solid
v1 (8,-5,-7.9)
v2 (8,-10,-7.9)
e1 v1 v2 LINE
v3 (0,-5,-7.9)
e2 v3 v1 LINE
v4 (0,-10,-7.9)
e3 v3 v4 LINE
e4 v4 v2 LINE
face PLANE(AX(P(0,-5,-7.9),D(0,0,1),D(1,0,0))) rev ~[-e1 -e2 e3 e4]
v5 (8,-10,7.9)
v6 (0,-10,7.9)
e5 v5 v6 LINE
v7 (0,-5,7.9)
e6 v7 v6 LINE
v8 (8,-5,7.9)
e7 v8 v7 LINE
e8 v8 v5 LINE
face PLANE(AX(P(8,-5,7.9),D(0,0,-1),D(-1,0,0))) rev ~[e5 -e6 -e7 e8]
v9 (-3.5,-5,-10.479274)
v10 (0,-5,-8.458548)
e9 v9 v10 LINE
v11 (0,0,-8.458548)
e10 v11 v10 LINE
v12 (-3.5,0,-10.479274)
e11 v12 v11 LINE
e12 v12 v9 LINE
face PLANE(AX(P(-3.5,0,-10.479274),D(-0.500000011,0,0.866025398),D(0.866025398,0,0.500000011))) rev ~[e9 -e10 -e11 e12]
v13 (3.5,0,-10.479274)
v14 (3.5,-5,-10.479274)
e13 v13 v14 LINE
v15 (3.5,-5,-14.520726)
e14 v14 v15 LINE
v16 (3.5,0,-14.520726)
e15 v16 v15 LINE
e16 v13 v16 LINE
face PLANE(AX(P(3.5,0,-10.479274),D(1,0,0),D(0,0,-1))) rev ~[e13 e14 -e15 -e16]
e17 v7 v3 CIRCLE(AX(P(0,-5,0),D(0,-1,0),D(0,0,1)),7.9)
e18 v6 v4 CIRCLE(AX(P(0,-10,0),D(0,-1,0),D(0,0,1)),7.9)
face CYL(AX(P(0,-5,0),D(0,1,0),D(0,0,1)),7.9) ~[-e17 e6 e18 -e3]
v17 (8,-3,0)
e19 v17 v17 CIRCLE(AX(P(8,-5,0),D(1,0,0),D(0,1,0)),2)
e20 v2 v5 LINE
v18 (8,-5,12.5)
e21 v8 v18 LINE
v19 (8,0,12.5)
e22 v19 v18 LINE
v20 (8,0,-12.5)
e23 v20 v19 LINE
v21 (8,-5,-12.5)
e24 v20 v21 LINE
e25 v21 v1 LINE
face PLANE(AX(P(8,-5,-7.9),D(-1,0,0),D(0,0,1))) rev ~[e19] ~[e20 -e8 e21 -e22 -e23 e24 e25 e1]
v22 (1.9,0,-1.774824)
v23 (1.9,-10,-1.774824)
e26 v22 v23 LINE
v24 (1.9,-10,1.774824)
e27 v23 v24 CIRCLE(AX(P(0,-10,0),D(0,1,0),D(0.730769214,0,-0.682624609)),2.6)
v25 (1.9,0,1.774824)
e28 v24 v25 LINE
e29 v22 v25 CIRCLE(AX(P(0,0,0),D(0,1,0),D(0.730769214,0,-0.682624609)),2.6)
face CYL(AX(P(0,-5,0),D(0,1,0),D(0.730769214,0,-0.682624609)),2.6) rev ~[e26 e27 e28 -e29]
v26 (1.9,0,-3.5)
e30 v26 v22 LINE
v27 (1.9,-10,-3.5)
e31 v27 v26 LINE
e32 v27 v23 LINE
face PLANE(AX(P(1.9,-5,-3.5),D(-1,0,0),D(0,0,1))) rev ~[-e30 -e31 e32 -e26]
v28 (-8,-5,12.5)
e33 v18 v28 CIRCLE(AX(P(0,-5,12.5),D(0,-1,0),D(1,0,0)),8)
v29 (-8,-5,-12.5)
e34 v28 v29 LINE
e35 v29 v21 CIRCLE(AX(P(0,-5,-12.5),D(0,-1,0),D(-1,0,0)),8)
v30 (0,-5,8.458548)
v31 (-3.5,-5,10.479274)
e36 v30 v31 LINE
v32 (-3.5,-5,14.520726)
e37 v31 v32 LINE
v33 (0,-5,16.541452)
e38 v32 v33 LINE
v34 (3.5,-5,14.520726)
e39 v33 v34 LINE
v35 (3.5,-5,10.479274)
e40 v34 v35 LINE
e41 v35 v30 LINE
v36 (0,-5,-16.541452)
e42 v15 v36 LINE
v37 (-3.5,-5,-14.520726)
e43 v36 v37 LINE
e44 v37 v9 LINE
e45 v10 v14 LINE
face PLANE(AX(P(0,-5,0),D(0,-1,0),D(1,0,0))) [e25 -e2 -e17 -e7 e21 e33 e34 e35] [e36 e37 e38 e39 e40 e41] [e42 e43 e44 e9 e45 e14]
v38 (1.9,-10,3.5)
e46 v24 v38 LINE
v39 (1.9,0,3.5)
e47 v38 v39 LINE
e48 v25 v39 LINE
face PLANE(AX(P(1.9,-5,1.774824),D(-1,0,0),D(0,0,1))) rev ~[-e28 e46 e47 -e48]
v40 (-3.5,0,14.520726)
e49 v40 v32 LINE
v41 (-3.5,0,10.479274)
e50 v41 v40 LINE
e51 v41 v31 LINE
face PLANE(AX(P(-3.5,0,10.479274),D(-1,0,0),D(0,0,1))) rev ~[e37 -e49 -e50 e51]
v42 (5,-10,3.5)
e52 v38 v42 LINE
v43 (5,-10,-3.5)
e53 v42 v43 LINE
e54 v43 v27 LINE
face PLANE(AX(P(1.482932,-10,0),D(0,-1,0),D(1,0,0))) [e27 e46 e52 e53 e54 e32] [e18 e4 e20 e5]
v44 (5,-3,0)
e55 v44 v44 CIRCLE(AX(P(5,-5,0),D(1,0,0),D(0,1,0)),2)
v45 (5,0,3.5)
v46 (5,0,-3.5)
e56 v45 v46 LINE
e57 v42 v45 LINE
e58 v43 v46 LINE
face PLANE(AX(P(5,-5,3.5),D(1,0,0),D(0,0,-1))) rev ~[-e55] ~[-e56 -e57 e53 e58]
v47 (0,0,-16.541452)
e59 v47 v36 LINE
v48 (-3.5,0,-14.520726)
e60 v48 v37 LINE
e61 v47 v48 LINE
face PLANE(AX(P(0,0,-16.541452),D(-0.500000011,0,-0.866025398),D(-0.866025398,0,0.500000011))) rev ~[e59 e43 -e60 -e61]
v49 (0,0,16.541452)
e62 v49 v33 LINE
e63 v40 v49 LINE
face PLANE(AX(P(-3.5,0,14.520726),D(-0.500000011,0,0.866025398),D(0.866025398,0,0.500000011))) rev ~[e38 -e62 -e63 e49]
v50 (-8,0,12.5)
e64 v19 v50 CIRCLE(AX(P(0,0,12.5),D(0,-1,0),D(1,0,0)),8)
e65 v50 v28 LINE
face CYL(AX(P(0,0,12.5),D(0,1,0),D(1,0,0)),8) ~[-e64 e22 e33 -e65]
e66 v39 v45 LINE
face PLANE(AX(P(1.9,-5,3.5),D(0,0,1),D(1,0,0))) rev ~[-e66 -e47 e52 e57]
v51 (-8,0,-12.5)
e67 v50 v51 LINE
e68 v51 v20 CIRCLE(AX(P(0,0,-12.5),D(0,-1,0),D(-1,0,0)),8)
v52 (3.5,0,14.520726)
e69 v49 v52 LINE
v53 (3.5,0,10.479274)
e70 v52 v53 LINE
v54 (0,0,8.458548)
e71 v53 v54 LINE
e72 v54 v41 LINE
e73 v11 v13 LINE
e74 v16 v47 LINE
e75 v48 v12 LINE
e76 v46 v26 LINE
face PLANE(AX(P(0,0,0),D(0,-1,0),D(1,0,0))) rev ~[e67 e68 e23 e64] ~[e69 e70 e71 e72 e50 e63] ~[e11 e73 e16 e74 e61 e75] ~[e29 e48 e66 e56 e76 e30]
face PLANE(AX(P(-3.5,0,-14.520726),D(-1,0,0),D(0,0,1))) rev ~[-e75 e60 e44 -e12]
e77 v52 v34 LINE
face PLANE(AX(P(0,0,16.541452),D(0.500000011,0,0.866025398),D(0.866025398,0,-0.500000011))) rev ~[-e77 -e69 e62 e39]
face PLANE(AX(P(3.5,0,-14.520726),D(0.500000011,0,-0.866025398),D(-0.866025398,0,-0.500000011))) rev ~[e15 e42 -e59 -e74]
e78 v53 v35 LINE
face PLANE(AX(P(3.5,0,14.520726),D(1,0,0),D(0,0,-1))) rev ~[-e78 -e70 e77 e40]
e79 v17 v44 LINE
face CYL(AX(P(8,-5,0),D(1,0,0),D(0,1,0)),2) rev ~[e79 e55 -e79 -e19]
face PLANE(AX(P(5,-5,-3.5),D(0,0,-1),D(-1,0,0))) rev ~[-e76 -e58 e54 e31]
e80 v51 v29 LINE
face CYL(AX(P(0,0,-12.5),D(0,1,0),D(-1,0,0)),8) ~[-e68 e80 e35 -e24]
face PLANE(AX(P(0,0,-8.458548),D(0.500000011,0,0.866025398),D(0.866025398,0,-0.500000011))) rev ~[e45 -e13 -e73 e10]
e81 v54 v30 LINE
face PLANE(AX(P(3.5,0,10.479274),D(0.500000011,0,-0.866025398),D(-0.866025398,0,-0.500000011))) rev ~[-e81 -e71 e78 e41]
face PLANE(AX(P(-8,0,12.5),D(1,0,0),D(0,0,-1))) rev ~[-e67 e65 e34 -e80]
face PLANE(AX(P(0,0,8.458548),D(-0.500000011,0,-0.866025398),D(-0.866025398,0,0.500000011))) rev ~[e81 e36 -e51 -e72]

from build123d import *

# Parameters (mm, degrees)
F1_DEPTH = 5
F3_DEPTH = 5
F4_R     = 2
F5_DEPTH = 6.1


with BuildPart() as f1:
    # F0 (on Front) → F1 (new body)
    with BuildSketch(Plane.XZ):
        with BuildLine():
            ThreePointArc((-8, -12.5), (0, -20.5), (8, -12.5))
            Line((8, -12.5), (8, 12.5))
            ThreePointArc((8, 12.5), (0, 20.5), (-8, 12.5))
            Line((-8, 12.5), (-8, -12.5))
        make_face()
        Polygon((0, -8.458548), (3.5, -10.479274), (3.5, -14.520726), (0, -16.541452), (-3.5, -14.520726), (-3.5, -10.479274), align=None, mode=Mode.SUBTRACT)
        with BuildLine():
            ThreePointArc((1.9, -1.774824), (-2.6, 0), (1.9, 1.774824))
            Line((1.9, 1.774824), (1.9, 3.5))
            Line((1.9, 3.5), (5, 3.5))
            Line((5, 3.5), (5, -3.5))
            Line((5, -3.5), (1.9, -3.5))
            Line((1.9, -3.5), (1.9, -1.774824))
        make_face(mode=Mode.SUBTRACT)
        Polygon((0, 16.541452), (3.5, 14.520726), (3.5, 10.479274), (0, 8.458548), (-3.5, 10.479274), (-3.5, 14.520726), align=None, mode=Mode.SUBTRACT)
    extrude(amount=F1_DEPTH)

    # F2 (on face) → F3 (join)
    with BuildSketch(Plane.XZ.offset(5)):
        with BuildLine():
            Line((8, 7.9), (0, 7.9))
            ThreePointArc((0, 7.9), (-7.9, 0), (0, -7.9))
            Line((0, -7.9), (8, -7.9))
            Line((8, -7.9), (8, 7.9))
        make_face()
        with BuildLine():
            ThreePointArc((1.9, -1.774824), (-2.6, 0), (1.9, 1.774824))
            Line((1.9, 1.774824), (1.9, 3.5))
            Line((1.9, 3.5), (5, 3.5))
            Line((5, 3.5), (5, -3.5))
            Line((5, -3.5), (1.9, -3.5))
            Line((1.9, -3.5), (1.9, -1.774824))
        make_face(mode=Mode.SUBTRACT)
    extrude(amount=F3_DEPTH)

    # F4 (on face) → F5 (cut, through all)
    with BuildSketch(Plane.YZ.offset(8)):
        with Locations((-5, 0)):
            Circle(F4_R)
    extrude(amount=-F5_DEPTH, mode=Mode.SUBTRACT)


solid = f1.part
